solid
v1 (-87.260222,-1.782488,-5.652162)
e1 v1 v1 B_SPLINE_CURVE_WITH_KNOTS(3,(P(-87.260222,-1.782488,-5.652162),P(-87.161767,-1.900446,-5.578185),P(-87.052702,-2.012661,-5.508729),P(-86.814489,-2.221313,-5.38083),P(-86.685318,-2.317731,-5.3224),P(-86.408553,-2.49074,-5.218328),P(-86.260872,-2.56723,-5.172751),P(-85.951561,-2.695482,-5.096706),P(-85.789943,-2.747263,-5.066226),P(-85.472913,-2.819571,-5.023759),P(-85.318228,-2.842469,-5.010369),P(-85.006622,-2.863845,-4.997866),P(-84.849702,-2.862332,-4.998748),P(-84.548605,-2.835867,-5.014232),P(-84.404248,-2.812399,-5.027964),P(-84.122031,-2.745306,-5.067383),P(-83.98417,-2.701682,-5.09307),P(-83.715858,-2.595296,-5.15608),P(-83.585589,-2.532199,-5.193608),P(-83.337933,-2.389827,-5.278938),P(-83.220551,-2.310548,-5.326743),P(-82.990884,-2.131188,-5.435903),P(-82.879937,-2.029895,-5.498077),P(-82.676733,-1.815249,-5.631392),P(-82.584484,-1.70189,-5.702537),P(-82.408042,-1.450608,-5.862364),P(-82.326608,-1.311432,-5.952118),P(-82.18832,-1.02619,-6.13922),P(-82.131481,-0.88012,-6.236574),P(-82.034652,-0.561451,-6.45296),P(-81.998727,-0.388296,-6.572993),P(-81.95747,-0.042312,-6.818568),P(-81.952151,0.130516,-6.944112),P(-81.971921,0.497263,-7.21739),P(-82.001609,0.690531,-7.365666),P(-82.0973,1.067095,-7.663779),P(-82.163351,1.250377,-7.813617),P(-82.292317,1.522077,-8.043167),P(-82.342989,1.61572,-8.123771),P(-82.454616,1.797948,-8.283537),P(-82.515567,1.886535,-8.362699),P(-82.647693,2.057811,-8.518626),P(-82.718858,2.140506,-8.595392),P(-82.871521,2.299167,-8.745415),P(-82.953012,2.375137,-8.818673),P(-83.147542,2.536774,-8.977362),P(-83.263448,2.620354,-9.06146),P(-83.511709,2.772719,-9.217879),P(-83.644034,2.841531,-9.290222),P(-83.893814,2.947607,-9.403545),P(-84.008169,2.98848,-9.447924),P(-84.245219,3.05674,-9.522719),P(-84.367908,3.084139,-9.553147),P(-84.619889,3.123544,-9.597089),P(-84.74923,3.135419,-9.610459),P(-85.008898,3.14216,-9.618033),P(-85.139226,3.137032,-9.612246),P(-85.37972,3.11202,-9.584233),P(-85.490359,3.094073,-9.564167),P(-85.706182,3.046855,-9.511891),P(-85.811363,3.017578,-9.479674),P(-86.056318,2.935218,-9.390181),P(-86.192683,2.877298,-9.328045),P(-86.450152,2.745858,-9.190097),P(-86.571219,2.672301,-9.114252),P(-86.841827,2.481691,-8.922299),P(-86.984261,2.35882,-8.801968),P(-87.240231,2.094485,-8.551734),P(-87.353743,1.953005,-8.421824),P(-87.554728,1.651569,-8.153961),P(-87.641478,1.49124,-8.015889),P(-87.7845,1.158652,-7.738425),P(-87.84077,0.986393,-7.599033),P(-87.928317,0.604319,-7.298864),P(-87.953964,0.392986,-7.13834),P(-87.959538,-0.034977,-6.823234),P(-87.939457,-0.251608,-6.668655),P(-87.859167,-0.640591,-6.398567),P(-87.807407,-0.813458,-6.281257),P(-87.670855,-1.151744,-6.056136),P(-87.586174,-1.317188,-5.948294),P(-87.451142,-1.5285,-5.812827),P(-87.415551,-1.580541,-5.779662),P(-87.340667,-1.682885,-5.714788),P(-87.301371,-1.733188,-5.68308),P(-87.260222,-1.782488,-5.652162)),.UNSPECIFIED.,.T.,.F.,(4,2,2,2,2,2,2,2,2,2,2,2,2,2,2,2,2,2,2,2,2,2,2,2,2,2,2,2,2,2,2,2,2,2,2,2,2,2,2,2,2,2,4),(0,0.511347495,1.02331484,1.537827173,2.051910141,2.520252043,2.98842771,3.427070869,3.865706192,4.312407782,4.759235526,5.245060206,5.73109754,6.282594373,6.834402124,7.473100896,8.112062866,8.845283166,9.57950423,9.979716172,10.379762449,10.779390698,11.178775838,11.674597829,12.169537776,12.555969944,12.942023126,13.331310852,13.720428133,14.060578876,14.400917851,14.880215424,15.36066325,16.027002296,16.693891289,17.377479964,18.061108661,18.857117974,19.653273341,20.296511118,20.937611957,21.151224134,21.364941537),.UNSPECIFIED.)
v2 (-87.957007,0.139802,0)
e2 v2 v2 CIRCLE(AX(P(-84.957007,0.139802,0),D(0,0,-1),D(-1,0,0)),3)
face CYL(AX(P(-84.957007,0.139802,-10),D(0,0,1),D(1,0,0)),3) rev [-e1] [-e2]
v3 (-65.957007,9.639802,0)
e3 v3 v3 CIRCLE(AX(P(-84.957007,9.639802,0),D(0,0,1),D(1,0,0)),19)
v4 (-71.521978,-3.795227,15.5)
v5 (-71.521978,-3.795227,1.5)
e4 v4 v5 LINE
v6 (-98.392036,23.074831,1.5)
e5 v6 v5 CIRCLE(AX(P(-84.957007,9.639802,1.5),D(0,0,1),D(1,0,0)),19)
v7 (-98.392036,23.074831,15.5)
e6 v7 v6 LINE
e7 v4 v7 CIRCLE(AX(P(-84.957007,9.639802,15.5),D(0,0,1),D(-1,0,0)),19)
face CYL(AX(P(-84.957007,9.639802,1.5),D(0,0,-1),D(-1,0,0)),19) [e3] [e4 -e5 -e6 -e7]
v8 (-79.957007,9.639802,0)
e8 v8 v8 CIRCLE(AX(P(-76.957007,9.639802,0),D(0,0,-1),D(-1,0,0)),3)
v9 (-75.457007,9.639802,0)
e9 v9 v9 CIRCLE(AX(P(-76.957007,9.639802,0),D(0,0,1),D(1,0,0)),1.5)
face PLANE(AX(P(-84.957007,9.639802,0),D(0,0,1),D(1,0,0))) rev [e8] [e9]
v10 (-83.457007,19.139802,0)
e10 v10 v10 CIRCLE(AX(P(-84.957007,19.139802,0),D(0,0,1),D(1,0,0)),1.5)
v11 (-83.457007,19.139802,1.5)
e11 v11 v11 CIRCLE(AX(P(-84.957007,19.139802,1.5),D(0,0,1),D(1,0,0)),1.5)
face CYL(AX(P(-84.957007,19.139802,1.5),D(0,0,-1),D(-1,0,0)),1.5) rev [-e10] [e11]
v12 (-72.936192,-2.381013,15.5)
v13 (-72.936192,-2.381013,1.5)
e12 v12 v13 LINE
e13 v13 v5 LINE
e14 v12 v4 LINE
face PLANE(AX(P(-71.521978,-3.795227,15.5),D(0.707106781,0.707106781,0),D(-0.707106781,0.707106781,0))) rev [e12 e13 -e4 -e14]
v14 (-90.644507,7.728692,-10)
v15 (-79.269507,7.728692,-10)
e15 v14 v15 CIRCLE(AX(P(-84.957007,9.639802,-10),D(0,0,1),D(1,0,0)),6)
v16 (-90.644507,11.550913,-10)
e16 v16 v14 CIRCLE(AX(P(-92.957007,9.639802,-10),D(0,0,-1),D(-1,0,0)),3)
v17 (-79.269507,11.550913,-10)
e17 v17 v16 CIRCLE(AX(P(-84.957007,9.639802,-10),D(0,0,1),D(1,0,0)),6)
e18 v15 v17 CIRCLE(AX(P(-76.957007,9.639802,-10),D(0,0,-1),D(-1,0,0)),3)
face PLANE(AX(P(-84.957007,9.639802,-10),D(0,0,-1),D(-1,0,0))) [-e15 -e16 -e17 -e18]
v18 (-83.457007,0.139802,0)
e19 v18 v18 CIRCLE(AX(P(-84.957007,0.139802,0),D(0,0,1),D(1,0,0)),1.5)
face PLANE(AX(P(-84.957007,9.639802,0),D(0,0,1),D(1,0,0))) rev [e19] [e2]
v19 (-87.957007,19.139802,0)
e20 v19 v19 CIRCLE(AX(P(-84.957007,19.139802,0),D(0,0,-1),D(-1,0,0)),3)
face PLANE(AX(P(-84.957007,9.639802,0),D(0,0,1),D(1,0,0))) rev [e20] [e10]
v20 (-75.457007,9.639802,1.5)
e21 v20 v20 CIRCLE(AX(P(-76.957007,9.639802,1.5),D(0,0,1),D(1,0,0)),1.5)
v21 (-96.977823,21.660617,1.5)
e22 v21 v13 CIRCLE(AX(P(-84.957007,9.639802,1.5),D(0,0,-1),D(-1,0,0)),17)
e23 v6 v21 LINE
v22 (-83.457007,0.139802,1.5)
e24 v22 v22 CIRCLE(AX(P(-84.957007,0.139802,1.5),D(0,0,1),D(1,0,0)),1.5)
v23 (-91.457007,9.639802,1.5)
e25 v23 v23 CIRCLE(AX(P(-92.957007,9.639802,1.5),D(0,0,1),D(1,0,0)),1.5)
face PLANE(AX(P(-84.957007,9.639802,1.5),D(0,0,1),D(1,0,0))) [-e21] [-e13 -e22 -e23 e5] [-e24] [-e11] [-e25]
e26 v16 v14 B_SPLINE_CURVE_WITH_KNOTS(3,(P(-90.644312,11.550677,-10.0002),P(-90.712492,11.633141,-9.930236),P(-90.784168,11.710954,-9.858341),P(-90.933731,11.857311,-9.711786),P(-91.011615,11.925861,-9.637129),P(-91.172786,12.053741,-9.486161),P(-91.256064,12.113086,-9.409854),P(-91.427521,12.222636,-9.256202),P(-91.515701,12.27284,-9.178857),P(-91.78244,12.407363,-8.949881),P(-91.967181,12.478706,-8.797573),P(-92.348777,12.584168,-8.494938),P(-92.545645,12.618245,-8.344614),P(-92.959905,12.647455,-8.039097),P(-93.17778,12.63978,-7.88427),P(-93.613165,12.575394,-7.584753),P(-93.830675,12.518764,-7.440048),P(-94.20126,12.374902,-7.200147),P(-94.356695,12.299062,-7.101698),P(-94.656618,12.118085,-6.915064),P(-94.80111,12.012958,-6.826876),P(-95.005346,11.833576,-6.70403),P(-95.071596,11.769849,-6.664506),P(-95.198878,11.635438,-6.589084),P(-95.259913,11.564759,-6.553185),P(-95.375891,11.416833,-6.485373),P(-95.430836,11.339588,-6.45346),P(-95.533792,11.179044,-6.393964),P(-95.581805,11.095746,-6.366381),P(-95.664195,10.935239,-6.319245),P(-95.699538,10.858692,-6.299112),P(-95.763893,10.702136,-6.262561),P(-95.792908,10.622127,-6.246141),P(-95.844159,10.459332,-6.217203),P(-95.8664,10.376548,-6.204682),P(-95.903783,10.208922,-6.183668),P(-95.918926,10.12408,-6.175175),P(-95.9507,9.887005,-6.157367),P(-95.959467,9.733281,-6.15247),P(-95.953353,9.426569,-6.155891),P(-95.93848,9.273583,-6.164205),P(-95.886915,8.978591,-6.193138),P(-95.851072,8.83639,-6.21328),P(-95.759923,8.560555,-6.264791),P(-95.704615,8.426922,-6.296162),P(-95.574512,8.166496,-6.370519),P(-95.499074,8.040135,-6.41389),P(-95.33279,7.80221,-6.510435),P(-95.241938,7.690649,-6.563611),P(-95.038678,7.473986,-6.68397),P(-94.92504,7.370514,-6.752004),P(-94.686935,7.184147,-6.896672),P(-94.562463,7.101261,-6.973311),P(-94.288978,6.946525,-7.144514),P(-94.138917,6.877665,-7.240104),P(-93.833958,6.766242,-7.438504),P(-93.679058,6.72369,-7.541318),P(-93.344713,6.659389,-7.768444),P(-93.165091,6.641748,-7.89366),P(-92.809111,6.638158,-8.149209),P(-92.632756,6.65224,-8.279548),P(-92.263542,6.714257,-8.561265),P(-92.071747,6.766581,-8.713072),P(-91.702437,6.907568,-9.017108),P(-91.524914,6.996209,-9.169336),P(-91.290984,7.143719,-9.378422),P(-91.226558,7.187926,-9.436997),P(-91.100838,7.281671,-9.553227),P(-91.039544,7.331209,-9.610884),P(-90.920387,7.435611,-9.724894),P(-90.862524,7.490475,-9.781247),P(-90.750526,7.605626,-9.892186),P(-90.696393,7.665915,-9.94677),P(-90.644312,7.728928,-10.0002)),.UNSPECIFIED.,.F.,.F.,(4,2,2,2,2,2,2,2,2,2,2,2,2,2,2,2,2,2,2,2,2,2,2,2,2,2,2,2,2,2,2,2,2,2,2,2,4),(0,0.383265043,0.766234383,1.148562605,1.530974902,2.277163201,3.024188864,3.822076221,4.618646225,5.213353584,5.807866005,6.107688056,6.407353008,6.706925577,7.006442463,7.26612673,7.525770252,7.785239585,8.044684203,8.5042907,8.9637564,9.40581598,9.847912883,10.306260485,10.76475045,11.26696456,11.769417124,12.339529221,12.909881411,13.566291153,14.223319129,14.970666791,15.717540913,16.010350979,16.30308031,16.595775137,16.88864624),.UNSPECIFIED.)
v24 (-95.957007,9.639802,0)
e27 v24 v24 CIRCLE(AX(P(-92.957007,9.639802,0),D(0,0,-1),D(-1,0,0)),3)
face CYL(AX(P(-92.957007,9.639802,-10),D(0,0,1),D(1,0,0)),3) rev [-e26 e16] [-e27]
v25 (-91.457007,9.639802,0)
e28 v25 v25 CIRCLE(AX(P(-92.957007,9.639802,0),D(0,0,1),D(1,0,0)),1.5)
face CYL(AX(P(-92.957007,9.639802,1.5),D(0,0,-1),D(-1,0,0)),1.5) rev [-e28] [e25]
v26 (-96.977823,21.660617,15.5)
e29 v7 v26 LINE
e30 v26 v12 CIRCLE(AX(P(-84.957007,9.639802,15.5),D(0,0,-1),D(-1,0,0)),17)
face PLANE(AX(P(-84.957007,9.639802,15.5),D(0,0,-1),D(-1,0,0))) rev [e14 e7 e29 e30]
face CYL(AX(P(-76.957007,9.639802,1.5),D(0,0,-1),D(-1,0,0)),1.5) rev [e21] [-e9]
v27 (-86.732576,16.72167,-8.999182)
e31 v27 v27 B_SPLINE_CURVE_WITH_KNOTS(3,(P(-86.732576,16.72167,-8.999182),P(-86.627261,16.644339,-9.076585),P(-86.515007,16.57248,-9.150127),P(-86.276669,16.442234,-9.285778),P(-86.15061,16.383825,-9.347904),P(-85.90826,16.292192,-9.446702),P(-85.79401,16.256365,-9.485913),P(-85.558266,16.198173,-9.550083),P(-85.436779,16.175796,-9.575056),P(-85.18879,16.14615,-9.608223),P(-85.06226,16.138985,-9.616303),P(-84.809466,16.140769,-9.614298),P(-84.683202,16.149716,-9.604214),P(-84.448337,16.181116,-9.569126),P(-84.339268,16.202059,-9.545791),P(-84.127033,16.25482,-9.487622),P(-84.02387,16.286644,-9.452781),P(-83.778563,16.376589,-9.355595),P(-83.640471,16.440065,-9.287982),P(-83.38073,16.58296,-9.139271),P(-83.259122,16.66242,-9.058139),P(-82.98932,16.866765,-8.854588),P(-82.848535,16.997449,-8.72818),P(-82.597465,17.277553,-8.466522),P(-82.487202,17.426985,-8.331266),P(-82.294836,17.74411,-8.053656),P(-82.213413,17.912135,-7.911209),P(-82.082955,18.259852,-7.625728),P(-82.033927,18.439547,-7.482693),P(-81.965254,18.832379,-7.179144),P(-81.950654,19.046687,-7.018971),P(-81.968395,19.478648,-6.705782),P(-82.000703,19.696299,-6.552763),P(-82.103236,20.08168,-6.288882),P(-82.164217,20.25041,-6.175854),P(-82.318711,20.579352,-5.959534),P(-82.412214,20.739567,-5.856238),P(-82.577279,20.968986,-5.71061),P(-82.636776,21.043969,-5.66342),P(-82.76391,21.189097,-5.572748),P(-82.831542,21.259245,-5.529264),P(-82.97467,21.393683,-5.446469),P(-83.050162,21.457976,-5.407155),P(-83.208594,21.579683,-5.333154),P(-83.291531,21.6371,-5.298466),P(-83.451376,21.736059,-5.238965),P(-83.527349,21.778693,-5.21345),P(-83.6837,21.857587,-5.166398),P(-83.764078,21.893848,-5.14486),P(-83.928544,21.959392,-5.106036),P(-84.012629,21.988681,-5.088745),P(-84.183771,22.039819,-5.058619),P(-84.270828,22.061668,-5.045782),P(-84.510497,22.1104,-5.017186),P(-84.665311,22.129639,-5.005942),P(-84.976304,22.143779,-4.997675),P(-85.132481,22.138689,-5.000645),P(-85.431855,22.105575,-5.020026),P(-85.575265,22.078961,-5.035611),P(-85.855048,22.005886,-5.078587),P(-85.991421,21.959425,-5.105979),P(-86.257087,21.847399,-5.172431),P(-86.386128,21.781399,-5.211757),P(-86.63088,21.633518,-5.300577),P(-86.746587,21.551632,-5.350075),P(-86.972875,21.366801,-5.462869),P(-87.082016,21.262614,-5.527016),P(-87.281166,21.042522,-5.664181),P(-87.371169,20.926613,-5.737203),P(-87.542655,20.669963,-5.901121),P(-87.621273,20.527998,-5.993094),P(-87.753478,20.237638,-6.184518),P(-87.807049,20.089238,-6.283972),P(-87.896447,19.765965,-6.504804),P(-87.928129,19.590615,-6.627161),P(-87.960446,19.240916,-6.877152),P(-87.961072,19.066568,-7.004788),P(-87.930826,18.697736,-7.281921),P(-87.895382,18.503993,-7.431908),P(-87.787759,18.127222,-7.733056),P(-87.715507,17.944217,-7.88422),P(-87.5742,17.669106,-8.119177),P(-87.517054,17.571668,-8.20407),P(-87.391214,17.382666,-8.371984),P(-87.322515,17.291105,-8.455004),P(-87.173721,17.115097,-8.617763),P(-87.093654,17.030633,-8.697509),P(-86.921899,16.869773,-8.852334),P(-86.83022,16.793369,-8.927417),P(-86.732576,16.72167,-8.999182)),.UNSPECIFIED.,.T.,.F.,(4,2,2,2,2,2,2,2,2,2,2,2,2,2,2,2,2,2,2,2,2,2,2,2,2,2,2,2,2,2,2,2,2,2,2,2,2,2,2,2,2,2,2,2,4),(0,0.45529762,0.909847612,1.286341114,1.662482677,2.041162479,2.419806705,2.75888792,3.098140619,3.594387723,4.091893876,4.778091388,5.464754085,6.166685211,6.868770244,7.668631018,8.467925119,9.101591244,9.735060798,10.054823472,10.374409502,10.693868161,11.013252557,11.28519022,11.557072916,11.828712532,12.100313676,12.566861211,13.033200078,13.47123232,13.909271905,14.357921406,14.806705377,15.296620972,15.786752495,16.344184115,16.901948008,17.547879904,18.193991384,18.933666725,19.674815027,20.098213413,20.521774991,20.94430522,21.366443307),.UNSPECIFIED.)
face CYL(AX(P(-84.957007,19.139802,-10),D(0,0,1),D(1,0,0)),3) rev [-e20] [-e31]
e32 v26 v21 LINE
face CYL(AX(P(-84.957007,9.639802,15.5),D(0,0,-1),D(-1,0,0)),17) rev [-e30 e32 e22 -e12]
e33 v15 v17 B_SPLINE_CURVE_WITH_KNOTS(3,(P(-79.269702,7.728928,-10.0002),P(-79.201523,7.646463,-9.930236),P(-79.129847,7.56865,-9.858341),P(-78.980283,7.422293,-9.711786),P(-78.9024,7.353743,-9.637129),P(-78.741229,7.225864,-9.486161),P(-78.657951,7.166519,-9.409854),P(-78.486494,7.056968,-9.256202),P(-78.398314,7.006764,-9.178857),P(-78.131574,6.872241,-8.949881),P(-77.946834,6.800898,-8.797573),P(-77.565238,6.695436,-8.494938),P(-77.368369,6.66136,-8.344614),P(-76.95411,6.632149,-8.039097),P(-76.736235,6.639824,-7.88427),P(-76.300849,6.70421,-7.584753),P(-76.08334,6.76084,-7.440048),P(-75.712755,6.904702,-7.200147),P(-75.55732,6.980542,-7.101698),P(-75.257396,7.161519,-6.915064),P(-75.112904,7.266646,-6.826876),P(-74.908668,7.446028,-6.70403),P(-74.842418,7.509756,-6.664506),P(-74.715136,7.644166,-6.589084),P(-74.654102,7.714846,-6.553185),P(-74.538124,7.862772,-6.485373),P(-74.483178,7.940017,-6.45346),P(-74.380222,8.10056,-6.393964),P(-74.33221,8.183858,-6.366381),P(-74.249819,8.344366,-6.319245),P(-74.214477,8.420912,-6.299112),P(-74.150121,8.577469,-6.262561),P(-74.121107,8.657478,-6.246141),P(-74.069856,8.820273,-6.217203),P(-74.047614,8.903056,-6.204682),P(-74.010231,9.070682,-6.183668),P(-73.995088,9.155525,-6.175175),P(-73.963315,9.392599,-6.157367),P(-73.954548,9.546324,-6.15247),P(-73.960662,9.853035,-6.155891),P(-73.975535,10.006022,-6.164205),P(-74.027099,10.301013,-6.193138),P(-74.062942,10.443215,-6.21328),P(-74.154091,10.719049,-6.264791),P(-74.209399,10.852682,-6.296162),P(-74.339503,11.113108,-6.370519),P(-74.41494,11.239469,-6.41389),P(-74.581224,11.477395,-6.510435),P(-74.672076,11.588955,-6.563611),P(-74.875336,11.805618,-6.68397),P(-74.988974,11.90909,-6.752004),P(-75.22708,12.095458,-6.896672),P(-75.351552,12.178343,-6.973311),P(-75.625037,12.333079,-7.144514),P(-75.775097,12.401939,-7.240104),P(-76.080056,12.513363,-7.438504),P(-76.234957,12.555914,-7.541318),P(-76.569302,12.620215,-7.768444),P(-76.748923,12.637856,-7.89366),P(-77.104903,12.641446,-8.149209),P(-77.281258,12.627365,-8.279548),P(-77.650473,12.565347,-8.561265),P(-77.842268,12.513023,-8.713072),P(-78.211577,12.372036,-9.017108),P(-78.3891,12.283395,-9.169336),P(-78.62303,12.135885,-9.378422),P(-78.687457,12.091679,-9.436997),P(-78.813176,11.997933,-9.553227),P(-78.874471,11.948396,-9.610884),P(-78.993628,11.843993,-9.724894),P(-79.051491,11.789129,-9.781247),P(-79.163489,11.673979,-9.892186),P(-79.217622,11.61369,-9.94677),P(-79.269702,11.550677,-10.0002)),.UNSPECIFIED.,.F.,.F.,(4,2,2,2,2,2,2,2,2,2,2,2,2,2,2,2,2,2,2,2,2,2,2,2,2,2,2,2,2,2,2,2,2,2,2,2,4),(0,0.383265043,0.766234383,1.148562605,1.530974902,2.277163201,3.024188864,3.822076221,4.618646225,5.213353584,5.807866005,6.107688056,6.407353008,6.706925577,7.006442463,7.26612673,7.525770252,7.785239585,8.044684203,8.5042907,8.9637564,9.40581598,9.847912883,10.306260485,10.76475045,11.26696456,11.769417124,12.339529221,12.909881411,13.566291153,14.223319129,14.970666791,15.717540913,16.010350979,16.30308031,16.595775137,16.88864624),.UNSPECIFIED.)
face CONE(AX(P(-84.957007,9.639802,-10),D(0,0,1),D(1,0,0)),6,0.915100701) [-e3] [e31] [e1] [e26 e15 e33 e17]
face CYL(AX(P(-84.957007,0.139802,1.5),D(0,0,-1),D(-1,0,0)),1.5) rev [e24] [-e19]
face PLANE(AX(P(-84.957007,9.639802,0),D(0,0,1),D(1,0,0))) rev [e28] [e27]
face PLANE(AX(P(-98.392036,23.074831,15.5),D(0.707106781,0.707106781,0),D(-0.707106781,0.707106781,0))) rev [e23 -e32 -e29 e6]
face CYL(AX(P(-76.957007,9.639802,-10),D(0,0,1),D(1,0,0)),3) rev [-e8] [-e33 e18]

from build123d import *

# Parameters (mm, degrees)
CROQUIS1_R              = 19
CROQUIS1_R_2            = 1.5
SALIENTE_EXTRUIR1_DEPTH = 1.5
SALIENTE_EXTRUIR2_DEPTH = 14
SALIENTE_EXTRUIR3_START = 10
CROQUIS3_R              = 19
CROQUIS3_R_2            = 3
SALIENTE_EXTRUIR3_DEPTH = 10


with BuildPart() as part:
    # Croquis1 → Saliente-Extruir1 (new body)
    with BuildSketch(Plane.XY):
        with Locations((-84.957007, 9.639802)):
            Circle(CROQUIS1_R)
        with Locations((-84.957007, 19.139802)):
            Circle(CROQUIS1_R_2, mode=Mode.SUBTRACT)
        with Locations((-92.957007, 9.639802)):
            Circle(CROQUIS1_R_2, mode=Mode.SUBTRACT)
        with Locations((-84.957007, 0.139802)):
            Circle(CROQUIS1_R_2, mode=Mode.SUBTRACT)
        with Locations((-76.957007, 9.639802)):
            Circle(CROQUIS1_R_2, mode=Mode.SUBTRACT)
    extrude(amount=SALIENTE_EXTRUIR1_DEPTH)

    # Croquis2 → Saliente-Extruir2 (add)
    with BuildSketch(Plane.XY.offset(1.5)):
        with BuildLine():
            Line((-98.392036, 23.074831), (-96.977823, 21.660617))
            ThreePointArc((-96.977823, 21.660617), (-72.936192, 21.660617), (-72.936192, -2.381013))
            Line((-72.936192, -2.381013), (-71.521978, -3.795227))
            ThreePointArc((-71.521978, -3.795227), (-71.521978, 23.074831), (-98.392036, 23.074831))
        make_face()
    extrude(amount=SALIENTE_EXTRUIR2_DEPTH)

    # Croquis3 → Saliente-Extruir3 (add)
    with BuildSketch(Plane(origin=(0, 0, 0), x_dir=(-1, 0, 0), z_dir=(0, 0, -1)).offset(SALIENTE_EXTRUIR3_START)):
        with Locations((84.957007, 9.639802)):
            Circle(CROQUIS3_R)
        with Locations((84.957007, 0.139802)):
            Circle(CROQUIS3_R_2, mode=Mode.SUBTRACT)
        with Locations((76.957007, 9.639802)):
            Circle(CROQUIS3_R_2, mode=Mode.SUBTRACT)
        with Locations((92.957007, 9.639802)):
            Circle(CROQUIS3_R_2, mode=Mode.SUBTRACT)
        with Locations((84.957007, 19.139802)):
            Circle(CROQUIS3_R_2, mode=Mode.SUBTRACT)
    extrude(amount=-SALIENTE_EXTRUIR3_DEPTH)

    # Croquis5 → Cortar-Revolución1 (revolve, cut)
    with BuildSketch(Plane(origin=(0, 9.639802, 0), x_dir=(-1, 0, 0), z_dir=(0, -1, 0)), mode=Mode.PRIVATE) as cortar_revoluci_n1_sk:
        Polygon((90.957007, 10), (103.957007, 0), (103.957007, 10), align=None)
    revolve(cortar_revoluci_n1_sk.sketch.rotate(Axis((-84.957007, 9.639802, 0), (0, 0, -1)), 45), axis=Axis((-84.957007, 9.639802, 0), (0, 0, -1)), mode=Mode.SUBTRACT)


solid = part.part
